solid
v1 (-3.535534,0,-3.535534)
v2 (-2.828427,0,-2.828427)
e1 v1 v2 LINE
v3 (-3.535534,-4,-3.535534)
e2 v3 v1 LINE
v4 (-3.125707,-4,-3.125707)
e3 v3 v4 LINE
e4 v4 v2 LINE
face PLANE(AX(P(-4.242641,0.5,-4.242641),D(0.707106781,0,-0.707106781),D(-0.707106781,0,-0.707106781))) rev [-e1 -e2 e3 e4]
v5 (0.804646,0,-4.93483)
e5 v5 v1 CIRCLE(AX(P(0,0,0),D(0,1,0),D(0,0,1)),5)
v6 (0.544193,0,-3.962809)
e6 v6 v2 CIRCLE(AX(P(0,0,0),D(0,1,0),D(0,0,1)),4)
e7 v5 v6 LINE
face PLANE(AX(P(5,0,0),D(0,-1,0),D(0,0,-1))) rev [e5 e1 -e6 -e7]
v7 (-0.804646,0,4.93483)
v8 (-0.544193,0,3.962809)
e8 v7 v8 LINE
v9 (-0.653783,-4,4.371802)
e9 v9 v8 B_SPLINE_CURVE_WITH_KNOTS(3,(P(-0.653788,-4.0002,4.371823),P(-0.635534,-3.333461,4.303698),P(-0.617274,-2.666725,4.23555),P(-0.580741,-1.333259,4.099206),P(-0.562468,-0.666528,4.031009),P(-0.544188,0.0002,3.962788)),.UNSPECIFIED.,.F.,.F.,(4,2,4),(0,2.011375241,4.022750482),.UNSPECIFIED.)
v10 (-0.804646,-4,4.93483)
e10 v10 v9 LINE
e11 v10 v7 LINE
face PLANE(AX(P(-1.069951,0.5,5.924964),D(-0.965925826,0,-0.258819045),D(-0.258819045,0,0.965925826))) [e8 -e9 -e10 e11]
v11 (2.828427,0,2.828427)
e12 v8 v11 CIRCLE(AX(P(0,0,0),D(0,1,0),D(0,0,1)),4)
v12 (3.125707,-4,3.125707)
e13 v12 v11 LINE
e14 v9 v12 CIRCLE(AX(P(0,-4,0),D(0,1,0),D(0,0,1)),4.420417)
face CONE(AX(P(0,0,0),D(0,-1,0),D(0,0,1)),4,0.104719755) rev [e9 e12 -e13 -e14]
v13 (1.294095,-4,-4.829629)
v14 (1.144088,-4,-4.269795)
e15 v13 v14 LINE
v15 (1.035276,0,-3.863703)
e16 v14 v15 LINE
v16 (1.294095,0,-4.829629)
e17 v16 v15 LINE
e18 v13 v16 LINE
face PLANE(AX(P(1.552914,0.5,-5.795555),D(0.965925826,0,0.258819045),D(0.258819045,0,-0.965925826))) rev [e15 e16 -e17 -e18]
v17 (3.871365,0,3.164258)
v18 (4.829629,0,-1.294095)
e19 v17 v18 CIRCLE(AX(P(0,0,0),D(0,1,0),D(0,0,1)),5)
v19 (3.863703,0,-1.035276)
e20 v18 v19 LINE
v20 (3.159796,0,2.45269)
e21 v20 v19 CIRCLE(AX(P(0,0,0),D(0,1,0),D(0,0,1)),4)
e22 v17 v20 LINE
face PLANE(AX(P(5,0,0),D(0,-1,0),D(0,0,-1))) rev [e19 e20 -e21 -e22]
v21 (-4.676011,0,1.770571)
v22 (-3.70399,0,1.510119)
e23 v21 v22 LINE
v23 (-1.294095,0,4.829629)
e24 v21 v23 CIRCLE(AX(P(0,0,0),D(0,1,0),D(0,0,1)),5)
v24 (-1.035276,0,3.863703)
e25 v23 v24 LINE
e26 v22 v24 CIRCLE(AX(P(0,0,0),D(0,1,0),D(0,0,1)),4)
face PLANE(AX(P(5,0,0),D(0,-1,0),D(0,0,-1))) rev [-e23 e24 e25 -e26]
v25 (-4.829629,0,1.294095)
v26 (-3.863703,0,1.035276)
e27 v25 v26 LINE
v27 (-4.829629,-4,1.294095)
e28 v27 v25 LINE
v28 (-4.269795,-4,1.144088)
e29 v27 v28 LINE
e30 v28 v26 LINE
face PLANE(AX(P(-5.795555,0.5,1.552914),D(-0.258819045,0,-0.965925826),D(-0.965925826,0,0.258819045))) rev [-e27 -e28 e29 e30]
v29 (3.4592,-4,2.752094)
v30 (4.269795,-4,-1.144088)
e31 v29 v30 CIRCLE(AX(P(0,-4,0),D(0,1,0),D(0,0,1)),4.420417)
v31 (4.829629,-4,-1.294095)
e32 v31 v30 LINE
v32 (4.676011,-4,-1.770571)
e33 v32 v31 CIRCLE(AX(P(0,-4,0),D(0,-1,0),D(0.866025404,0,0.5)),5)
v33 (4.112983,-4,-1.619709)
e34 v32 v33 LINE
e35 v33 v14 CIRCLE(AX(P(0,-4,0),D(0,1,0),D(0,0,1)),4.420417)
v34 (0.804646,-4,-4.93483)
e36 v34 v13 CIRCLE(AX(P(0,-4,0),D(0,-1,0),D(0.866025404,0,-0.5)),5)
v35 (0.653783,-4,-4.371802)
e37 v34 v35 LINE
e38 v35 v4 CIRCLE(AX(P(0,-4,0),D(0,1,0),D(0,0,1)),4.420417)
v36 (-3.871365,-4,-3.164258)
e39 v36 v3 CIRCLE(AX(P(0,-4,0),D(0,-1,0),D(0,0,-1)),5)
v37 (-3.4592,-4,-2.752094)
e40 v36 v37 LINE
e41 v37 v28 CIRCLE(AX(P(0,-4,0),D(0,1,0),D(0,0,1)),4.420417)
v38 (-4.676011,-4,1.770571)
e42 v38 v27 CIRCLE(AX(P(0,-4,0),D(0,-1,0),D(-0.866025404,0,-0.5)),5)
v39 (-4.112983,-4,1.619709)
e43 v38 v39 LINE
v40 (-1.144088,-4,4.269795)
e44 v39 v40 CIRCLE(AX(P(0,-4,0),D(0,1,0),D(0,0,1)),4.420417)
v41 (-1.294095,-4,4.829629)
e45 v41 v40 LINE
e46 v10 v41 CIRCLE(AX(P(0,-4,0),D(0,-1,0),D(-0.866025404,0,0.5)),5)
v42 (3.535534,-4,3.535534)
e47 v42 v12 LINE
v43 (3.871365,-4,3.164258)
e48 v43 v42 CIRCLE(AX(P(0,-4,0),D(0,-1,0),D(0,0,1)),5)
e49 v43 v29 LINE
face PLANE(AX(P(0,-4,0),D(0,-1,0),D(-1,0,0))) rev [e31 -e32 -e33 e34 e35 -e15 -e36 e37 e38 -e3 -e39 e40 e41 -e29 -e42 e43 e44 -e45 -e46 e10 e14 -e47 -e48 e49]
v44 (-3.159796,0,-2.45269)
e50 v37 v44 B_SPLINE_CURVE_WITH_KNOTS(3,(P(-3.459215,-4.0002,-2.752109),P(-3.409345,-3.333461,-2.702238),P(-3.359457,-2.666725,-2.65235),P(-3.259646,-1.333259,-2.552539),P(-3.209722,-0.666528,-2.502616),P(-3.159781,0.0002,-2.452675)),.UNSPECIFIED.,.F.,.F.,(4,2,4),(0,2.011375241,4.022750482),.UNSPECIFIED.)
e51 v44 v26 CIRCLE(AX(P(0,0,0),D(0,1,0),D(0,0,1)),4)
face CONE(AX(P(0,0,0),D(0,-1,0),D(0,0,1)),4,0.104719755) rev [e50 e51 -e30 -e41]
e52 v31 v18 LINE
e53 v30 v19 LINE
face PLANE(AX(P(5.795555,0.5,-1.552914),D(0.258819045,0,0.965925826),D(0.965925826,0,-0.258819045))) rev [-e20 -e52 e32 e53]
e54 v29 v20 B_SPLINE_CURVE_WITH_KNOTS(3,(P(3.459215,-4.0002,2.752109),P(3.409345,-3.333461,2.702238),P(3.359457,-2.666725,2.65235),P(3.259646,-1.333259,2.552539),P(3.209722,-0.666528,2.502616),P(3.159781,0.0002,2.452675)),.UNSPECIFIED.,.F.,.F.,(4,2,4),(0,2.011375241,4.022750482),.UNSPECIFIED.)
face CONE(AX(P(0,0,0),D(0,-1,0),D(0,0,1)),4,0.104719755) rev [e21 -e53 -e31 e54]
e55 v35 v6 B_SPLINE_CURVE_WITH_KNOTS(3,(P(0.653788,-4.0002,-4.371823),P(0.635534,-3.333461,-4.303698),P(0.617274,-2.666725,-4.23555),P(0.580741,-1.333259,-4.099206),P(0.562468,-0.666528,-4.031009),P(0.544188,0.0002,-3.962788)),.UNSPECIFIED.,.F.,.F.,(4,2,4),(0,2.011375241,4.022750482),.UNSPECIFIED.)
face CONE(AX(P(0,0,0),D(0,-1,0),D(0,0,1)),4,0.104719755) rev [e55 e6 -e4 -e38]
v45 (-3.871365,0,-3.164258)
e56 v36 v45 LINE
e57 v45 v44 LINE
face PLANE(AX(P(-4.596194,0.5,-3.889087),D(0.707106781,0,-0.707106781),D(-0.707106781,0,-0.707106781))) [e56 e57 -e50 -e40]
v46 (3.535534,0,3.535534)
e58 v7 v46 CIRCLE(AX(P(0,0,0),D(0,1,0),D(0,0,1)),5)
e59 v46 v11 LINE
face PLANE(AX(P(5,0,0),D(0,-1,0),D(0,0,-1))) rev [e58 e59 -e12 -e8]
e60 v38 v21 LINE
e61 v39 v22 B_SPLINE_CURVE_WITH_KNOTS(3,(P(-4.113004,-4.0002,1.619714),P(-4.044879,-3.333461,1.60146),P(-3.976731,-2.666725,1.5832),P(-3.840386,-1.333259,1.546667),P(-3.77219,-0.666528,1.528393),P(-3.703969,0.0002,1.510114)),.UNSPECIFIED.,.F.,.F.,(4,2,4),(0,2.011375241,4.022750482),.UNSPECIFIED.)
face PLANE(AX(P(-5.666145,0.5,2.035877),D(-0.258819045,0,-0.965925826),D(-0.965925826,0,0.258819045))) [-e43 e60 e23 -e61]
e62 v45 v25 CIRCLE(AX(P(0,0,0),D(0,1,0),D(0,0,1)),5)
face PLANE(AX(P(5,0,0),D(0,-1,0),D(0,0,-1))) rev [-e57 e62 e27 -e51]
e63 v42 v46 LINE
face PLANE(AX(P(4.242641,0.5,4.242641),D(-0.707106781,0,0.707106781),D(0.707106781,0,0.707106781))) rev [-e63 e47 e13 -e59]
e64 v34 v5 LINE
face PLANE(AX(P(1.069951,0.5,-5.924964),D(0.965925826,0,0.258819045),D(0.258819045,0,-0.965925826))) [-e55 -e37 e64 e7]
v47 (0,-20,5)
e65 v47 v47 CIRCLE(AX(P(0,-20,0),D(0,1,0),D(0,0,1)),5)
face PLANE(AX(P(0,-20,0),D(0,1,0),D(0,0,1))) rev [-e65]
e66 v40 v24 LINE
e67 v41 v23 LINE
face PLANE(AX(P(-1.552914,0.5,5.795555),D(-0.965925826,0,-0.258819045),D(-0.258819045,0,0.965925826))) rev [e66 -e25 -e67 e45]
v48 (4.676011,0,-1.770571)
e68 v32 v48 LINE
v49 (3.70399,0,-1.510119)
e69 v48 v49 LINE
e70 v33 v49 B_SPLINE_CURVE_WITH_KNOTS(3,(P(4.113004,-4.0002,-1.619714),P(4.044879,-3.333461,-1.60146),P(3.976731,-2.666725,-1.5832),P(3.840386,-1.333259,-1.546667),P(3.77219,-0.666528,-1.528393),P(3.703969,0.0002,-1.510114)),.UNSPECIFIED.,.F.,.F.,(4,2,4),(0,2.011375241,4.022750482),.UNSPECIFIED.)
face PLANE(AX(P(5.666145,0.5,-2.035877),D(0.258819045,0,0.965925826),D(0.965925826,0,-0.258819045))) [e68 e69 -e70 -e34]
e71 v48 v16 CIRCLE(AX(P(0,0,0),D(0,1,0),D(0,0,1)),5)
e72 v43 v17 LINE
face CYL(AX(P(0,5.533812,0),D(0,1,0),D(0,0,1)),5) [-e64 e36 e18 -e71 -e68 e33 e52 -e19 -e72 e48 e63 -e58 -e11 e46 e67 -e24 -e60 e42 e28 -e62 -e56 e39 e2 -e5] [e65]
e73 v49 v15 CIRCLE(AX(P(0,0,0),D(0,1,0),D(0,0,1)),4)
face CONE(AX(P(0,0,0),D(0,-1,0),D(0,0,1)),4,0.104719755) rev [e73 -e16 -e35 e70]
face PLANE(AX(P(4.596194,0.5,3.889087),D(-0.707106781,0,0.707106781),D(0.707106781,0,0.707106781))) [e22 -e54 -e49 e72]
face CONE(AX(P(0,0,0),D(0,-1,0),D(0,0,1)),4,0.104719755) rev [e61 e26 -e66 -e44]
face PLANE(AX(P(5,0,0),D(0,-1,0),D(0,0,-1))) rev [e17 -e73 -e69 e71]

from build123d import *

# Parameters (mm, degrees)
SKETCH2_W             = 5
SKETCH2_H             = 20
SLOTS_START           = -4
SLOTS_DEPTH           = 4.5
SLOT_CIRPATTERN_COUNT = 6
SKETCH4_R             = 4
JOYSTICKHOLE_DEPTH    = 4
JOYSTICKHOLE_TAPER    = -6


with BuildPart() as part:
    # Sketch2 → Mount (revolve)
    with BuildSketch(Plane.XY):
        with Locations((2.5, -10)):
            Rectangle(SKETCH2_W, SKETCH2_H)
    revolve(axis=Axis((0, 5.533812346, 0), (0, -1, 0)))

    # Sketch3 → Slots (cut)
    with BuildSketch(Plane(origin=(0, 0, 0), x_dir=(1, 0, 0), z_dir=(0, 1, 0)).offset(SLOTS_START)):
        Polygon((-4.242640687, 4.242640687), (0, 0), (-0.353553391, -0.353553391), (-4.596194078, 3.889087297), align=None)
    slots = extrude(amount=SLOTS_DEPTH, mode=Mode.SUBTRACT)

    # Slot CirPattern: Slots ×6 about axis
    slot_cirpattern_axis = Axis((0, 0, 0), (0, 1, 0))
    for i in range(1, SLOT_CIRPATTERN_COUNT):
        add(slots.rotate(slot_cirpattern_axis, i * 360 / SLOT_CIRPATTERN_COUNT), mode=Mode.SUBTRACT)

    # Sketch4 → JoystickHole (cut)
    with BuildSketch(Plane(origin=(0, 0, 0), x_dir=(1, 0, 0), z_dir=(0, 1, 0))):
        Circle(SKETCH4_R)
    extrude(amount=-JOYSTICKHOLE_DEPTH, taper=JOYSTICKHOLE_TAPER, mode=Mode.SUBTRACT)


solid = part.part
